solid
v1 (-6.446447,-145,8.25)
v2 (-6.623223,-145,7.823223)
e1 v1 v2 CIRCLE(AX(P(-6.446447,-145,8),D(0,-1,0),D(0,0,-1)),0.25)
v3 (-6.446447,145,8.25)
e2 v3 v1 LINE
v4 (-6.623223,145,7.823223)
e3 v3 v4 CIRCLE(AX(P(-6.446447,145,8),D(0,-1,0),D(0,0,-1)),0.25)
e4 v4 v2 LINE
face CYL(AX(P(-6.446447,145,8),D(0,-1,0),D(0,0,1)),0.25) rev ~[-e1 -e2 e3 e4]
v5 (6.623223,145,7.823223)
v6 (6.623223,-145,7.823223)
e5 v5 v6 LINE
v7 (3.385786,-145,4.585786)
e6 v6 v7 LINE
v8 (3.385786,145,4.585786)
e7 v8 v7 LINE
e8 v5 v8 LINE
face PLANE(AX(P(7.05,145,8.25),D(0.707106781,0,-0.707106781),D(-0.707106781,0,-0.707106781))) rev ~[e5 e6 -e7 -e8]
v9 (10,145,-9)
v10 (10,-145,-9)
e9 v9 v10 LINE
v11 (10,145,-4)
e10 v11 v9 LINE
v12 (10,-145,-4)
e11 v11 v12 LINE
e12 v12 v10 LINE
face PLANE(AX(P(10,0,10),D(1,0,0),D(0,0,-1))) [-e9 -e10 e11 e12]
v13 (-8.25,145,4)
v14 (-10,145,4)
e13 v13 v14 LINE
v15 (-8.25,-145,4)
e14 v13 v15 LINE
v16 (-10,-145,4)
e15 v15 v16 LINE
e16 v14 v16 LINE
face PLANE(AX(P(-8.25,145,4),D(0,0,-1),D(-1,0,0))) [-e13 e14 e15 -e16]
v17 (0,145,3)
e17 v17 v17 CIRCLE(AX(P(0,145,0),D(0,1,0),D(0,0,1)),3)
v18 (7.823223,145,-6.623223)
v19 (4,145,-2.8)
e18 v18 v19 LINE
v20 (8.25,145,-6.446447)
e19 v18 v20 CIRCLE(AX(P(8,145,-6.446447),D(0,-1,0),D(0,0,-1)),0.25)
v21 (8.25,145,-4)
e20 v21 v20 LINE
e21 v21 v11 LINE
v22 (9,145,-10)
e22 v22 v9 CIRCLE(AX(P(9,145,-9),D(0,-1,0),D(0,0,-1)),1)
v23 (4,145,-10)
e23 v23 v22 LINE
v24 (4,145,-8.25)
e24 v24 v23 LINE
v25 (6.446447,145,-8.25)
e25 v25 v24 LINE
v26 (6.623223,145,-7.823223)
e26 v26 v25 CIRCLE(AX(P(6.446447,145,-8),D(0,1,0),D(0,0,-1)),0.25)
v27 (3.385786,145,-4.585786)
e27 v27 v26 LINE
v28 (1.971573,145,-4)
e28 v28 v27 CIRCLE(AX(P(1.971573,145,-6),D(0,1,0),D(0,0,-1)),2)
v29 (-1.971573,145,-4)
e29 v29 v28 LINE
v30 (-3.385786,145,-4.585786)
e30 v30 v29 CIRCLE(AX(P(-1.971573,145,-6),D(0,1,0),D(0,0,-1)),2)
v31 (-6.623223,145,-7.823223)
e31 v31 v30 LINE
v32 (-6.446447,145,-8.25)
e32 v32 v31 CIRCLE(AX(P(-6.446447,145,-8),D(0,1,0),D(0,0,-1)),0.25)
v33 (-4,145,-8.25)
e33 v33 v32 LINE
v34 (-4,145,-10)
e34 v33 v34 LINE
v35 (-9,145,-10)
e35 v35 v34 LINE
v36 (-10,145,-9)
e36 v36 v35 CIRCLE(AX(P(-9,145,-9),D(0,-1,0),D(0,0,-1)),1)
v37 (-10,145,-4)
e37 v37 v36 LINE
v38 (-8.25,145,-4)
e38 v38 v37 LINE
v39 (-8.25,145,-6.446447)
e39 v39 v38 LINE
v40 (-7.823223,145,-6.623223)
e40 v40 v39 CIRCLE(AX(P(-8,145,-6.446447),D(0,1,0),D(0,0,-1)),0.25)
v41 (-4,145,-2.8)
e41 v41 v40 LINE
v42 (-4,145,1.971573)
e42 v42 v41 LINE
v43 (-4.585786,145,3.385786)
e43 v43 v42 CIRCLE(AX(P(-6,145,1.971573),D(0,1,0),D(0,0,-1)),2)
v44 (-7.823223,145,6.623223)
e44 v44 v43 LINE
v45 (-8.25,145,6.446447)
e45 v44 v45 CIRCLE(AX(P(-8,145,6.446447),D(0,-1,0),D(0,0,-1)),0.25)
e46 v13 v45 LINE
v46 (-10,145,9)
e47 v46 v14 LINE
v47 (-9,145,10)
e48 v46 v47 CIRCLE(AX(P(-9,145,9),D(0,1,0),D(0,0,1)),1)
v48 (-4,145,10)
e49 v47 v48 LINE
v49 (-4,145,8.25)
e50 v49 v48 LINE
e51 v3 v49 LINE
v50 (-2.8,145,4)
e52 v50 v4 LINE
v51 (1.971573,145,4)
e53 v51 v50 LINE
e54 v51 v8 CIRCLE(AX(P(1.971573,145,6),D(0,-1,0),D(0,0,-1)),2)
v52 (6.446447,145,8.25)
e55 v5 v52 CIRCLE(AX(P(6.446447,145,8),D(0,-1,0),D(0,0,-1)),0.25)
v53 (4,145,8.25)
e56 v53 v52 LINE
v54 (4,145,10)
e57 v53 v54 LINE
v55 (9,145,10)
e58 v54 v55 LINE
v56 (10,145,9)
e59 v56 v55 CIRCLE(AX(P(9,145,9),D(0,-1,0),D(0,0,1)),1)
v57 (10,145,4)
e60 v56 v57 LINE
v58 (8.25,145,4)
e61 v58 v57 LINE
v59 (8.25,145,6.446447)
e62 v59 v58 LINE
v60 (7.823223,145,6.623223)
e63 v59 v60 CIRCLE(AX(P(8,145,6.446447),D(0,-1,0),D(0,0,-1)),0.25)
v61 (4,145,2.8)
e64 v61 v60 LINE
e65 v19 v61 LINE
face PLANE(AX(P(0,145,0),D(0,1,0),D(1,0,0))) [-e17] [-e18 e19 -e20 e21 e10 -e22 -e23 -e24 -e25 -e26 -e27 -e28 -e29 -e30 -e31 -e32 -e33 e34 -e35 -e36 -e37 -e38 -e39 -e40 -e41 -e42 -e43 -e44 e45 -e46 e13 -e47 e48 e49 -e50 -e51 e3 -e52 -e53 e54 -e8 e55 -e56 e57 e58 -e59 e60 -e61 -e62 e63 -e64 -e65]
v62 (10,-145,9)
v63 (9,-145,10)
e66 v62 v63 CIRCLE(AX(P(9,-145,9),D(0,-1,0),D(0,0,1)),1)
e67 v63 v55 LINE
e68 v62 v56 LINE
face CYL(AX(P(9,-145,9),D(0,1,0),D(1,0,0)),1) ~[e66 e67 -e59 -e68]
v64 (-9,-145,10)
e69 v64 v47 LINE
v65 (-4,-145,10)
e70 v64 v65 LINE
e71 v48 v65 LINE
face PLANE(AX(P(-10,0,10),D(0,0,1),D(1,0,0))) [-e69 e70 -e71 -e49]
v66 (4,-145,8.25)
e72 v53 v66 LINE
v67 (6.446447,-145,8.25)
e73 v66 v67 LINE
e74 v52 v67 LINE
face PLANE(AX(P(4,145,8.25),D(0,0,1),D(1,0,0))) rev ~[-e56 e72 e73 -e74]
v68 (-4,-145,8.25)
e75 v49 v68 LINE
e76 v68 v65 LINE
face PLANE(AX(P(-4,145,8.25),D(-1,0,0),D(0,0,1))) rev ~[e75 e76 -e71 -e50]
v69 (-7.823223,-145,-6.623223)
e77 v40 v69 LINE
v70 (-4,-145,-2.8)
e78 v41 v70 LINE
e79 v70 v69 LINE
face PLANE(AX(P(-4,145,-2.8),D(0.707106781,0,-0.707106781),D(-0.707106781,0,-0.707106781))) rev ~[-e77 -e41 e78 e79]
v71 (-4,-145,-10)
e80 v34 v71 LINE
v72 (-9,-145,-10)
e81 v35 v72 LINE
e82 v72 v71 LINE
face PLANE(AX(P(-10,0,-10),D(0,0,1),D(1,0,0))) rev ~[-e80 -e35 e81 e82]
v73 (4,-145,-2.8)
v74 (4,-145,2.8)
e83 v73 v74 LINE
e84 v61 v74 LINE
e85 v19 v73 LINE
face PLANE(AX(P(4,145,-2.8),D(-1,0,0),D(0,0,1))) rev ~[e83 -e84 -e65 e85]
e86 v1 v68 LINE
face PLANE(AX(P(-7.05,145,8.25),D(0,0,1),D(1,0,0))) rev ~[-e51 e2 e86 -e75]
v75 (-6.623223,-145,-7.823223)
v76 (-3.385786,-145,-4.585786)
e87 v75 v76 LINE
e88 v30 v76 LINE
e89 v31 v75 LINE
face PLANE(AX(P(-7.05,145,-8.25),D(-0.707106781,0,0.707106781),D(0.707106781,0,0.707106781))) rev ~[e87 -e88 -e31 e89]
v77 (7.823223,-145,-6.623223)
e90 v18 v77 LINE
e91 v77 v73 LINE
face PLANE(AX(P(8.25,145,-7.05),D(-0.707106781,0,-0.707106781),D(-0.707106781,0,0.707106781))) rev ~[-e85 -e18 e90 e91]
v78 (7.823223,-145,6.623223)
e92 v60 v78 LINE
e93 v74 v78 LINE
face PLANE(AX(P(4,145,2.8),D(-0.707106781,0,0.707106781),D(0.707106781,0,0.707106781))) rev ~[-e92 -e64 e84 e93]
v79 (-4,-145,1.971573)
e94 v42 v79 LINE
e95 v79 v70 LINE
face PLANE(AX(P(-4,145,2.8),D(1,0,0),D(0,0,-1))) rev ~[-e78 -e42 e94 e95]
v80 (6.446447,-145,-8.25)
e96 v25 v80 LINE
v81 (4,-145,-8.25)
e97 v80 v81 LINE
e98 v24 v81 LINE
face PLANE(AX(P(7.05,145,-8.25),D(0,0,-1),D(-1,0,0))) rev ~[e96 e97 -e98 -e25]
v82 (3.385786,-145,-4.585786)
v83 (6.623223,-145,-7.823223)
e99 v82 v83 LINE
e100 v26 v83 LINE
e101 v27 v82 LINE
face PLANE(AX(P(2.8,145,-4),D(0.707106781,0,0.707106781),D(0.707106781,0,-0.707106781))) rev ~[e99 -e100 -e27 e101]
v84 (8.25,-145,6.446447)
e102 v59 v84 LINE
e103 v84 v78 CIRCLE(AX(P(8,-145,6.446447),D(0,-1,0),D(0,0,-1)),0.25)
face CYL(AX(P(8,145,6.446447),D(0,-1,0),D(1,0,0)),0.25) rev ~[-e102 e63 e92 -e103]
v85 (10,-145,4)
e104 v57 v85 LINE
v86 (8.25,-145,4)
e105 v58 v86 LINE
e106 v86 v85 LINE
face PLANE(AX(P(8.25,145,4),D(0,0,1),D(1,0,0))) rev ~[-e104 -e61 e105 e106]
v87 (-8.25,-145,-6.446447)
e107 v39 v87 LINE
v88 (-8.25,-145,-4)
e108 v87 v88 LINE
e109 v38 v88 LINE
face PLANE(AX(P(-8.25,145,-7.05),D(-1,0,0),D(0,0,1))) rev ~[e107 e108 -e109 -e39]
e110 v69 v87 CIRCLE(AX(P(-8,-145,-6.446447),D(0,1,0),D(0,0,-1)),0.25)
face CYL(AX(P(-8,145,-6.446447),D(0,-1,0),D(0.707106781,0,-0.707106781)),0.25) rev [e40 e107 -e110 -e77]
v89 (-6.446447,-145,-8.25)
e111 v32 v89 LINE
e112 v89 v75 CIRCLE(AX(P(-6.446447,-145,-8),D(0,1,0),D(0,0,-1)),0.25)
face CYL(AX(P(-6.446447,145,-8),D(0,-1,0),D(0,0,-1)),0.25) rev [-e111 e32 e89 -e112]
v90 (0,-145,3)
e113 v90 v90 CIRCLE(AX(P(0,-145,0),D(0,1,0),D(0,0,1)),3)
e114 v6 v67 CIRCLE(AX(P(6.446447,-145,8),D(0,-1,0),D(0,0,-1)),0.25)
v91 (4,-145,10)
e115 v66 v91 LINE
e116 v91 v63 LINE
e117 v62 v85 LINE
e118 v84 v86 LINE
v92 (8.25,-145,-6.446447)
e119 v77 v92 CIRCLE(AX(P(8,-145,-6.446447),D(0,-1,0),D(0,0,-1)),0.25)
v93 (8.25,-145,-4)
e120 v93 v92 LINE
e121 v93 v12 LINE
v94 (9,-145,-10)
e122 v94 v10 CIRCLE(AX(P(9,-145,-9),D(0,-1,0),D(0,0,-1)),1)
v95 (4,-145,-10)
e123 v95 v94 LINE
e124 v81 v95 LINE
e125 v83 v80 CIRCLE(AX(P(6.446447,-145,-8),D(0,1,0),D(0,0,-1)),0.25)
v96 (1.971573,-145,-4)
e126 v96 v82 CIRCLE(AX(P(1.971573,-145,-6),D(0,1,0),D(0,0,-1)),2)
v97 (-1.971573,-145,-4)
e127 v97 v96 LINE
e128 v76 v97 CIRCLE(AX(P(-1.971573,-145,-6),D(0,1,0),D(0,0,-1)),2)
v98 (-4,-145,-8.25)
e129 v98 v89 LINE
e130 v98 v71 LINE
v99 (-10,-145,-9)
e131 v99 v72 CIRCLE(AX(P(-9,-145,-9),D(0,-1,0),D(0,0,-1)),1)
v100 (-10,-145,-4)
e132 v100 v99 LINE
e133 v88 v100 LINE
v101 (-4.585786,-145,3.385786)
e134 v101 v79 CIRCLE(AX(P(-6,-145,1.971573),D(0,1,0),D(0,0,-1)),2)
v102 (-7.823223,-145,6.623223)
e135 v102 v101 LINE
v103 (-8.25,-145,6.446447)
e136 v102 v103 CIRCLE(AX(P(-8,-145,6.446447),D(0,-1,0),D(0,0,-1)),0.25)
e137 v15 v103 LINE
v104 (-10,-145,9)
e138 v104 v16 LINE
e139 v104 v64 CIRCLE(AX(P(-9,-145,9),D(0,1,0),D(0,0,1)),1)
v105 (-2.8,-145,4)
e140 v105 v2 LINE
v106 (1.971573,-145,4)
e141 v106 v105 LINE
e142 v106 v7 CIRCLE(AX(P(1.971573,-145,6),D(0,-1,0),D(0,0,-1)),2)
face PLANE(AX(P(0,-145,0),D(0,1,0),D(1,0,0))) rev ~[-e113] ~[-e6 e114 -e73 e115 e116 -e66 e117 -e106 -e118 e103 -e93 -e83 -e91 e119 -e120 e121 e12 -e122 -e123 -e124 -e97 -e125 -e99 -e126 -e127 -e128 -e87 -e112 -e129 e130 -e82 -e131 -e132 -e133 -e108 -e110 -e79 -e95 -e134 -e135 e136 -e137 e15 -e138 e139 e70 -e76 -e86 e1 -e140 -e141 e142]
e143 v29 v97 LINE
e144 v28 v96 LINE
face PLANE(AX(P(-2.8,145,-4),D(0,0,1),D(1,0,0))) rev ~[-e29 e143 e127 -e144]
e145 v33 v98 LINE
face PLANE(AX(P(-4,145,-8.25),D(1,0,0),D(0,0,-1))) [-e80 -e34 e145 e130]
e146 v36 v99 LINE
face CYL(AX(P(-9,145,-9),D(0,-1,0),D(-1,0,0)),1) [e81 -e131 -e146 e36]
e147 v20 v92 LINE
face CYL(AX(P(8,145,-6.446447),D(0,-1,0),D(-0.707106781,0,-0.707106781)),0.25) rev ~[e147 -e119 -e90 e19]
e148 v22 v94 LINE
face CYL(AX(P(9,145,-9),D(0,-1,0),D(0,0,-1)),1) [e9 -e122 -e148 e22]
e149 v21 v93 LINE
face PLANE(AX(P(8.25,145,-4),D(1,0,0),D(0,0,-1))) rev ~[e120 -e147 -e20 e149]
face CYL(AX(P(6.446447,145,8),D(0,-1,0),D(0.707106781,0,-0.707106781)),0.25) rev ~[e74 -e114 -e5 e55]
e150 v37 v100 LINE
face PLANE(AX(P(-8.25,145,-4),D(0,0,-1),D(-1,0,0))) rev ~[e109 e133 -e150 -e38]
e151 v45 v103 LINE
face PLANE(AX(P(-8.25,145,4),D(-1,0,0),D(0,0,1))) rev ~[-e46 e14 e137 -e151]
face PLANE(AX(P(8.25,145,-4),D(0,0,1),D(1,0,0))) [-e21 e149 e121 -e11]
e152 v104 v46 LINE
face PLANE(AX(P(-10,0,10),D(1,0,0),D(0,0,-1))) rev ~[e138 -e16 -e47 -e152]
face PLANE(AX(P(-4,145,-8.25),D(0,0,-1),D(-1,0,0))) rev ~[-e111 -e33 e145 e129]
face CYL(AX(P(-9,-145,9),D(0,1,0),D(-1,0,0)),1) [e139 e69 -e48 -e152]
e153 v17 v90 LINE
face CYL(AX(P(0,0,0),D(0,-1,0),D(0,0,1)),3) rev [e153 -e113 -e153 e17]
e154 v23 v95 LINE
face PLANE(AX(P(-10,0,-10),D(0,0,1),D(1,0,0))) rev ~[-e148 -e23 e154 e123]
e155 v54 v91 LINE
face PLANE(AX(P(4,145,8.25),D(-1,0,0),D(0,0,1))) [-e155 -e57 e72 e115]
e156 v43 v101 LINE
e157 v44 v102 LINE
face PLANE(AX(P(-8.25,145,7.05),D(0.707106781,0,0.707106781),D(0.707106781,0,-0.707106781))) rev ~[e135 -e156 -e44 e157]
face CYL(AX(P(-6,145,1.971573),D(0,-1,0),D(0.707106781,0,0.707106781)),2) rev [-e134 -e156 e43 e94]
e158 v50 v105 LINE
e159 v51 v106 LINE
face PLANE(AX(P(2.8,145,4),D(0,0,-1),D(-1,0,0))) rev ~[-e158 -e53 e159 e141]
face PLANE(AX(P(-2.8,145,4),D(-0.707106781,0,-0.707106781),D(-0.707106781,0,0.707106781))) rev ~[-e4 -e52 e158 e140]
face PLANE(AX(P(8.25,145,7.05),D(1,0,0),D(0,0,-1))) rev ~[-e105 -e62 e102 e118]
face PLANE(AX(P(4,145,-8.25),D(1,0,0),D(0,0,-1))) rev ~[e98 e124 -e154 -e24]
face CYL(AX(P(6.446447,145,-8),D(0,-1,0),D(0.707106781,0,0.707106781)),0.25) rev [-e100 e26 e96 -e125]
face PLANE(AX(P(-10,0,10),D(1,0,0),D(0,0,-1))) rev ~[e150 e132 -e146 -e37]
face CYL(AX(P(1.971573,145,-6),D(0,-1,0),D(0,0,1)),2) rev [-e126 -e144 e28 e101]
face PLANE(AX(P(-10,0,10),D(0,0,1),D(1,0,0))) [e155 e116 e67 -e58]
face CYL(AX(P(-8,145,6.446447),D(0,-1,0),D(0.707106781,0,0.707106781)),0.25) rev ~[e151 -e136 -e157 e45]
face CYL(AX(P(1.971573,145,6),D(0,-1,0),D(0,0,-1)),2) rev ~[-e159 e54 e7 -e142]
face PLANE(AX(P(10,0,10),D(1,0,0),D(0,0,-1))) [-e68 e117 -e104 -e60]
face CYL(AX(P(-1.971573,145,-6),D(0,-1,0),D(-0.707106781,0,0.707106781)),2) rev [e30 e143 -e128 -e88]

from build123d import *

# Parameters (mm, degrees)
ESBO_O1_W                = 20
ESBO_O1_H                = 20
ESBO_O1_R                = 3
RESSALTO_EXTRUS_O1_DEPTH = 145
ESBO_O2_W                = 8
ESBO_O2_H                = 1.75
CORTE_EXTRUS_O1_DEPTH    = 291.344622819
PADR_OCIRCULAR2_COUNT    = 4
FILETE2_R                = 1
FILETE3_R                = 2
FILETE4_R                = 0.25


with BuildPart() as part:
    # Esboço1 → Ressalto-extrusão1 (new, symmetric)
    with BuildSketch(Plane(origin=(0, 0, 0), x_dir=(1, 0, 0), z_dir=(0, 1, 0))):
        Rectangle(ESBO_O1_W, ESBO_O1_H)
        with Locations(Location((0, 0, 0), (0, 0, 270))):
            Circle(ESBO_O1_R, mode=Mode.SUBTRACT)
    extrude(amount=RESSALTO_EXTRUS_O1_DEPTH, both=True)

    # Esboço2 → Corte-extrusão1 (cut, through all)
    with BuildSketch(Plane(origin=(0, 145, 0), x_dir=(1, 0, 0), z_dir=(0, 1, 0))):
        Polygon((-7.05, 8.25), (-2.8, 4), (2.8, 4), (7.05, 8.25), (4, 8.25), (-4, 8.25), align=None)
        with Locations((0, 9.125)):
            Rectangle(ESBO_O2_W, ESBO_O2_H)
    corte_extrus_o1 = extrude(amount=-CORTE_EXTRUS_O1_DEPTH, mode=Mode.SUBTRACT)

    # PadrãoCircular2: Corte-extrusão1 ×4 about axis
    padr_ocircular2_axis = Axis((0, 0, 0), (0, 1, 0))
    for i in range(1, PADR_OCIRCULAR2_COUNT):
        add(corte_extrus_o1.rotate(padr_ocircular2_axis, i * 360 / PADR_OCIRCULAR2_COUNT), mode=Mode.SUBTRACT)

    # Filete2
    filete2_edges = [part.edges().sort_by_distance(p)[0] for p in [
        (10, 0, 10),
        (-10, 0, 10),
        (-10, 0, -10),
        (10, 0, -10),
    ]]
    fillet(filete2_edges, radius=FILETE2_R)

    # Filete3
    filete3_edges = [part.edges().sort_by_distance(p)[0] for p in [
        (-4, 0, 2.8),
        (2.8, 0, -4),
        (-2.8, 0, -4),
        (2.8, 0, 4),
    ]]
    fillet(filete3_edges, radius=FILETE3_R)

    # Filete4
    filete4_edges = [part.edges().sort_by_distance(p)[0] for p in [
        (-8.25, 0, -7.05),
        (-8.25, 0, 7.05),
        (7.05, 0, -8.25),
        (-7.05, 0, -8.25),
        (8.25, 0, 7.05),
        (8.25, 0, -7.05),
        (-7.05, 0, 8.25),
        (7.05, 0, 8.25),
    ]]
    fillet(filete4_edges, radius=FILETE4_R)


solid = part.part
